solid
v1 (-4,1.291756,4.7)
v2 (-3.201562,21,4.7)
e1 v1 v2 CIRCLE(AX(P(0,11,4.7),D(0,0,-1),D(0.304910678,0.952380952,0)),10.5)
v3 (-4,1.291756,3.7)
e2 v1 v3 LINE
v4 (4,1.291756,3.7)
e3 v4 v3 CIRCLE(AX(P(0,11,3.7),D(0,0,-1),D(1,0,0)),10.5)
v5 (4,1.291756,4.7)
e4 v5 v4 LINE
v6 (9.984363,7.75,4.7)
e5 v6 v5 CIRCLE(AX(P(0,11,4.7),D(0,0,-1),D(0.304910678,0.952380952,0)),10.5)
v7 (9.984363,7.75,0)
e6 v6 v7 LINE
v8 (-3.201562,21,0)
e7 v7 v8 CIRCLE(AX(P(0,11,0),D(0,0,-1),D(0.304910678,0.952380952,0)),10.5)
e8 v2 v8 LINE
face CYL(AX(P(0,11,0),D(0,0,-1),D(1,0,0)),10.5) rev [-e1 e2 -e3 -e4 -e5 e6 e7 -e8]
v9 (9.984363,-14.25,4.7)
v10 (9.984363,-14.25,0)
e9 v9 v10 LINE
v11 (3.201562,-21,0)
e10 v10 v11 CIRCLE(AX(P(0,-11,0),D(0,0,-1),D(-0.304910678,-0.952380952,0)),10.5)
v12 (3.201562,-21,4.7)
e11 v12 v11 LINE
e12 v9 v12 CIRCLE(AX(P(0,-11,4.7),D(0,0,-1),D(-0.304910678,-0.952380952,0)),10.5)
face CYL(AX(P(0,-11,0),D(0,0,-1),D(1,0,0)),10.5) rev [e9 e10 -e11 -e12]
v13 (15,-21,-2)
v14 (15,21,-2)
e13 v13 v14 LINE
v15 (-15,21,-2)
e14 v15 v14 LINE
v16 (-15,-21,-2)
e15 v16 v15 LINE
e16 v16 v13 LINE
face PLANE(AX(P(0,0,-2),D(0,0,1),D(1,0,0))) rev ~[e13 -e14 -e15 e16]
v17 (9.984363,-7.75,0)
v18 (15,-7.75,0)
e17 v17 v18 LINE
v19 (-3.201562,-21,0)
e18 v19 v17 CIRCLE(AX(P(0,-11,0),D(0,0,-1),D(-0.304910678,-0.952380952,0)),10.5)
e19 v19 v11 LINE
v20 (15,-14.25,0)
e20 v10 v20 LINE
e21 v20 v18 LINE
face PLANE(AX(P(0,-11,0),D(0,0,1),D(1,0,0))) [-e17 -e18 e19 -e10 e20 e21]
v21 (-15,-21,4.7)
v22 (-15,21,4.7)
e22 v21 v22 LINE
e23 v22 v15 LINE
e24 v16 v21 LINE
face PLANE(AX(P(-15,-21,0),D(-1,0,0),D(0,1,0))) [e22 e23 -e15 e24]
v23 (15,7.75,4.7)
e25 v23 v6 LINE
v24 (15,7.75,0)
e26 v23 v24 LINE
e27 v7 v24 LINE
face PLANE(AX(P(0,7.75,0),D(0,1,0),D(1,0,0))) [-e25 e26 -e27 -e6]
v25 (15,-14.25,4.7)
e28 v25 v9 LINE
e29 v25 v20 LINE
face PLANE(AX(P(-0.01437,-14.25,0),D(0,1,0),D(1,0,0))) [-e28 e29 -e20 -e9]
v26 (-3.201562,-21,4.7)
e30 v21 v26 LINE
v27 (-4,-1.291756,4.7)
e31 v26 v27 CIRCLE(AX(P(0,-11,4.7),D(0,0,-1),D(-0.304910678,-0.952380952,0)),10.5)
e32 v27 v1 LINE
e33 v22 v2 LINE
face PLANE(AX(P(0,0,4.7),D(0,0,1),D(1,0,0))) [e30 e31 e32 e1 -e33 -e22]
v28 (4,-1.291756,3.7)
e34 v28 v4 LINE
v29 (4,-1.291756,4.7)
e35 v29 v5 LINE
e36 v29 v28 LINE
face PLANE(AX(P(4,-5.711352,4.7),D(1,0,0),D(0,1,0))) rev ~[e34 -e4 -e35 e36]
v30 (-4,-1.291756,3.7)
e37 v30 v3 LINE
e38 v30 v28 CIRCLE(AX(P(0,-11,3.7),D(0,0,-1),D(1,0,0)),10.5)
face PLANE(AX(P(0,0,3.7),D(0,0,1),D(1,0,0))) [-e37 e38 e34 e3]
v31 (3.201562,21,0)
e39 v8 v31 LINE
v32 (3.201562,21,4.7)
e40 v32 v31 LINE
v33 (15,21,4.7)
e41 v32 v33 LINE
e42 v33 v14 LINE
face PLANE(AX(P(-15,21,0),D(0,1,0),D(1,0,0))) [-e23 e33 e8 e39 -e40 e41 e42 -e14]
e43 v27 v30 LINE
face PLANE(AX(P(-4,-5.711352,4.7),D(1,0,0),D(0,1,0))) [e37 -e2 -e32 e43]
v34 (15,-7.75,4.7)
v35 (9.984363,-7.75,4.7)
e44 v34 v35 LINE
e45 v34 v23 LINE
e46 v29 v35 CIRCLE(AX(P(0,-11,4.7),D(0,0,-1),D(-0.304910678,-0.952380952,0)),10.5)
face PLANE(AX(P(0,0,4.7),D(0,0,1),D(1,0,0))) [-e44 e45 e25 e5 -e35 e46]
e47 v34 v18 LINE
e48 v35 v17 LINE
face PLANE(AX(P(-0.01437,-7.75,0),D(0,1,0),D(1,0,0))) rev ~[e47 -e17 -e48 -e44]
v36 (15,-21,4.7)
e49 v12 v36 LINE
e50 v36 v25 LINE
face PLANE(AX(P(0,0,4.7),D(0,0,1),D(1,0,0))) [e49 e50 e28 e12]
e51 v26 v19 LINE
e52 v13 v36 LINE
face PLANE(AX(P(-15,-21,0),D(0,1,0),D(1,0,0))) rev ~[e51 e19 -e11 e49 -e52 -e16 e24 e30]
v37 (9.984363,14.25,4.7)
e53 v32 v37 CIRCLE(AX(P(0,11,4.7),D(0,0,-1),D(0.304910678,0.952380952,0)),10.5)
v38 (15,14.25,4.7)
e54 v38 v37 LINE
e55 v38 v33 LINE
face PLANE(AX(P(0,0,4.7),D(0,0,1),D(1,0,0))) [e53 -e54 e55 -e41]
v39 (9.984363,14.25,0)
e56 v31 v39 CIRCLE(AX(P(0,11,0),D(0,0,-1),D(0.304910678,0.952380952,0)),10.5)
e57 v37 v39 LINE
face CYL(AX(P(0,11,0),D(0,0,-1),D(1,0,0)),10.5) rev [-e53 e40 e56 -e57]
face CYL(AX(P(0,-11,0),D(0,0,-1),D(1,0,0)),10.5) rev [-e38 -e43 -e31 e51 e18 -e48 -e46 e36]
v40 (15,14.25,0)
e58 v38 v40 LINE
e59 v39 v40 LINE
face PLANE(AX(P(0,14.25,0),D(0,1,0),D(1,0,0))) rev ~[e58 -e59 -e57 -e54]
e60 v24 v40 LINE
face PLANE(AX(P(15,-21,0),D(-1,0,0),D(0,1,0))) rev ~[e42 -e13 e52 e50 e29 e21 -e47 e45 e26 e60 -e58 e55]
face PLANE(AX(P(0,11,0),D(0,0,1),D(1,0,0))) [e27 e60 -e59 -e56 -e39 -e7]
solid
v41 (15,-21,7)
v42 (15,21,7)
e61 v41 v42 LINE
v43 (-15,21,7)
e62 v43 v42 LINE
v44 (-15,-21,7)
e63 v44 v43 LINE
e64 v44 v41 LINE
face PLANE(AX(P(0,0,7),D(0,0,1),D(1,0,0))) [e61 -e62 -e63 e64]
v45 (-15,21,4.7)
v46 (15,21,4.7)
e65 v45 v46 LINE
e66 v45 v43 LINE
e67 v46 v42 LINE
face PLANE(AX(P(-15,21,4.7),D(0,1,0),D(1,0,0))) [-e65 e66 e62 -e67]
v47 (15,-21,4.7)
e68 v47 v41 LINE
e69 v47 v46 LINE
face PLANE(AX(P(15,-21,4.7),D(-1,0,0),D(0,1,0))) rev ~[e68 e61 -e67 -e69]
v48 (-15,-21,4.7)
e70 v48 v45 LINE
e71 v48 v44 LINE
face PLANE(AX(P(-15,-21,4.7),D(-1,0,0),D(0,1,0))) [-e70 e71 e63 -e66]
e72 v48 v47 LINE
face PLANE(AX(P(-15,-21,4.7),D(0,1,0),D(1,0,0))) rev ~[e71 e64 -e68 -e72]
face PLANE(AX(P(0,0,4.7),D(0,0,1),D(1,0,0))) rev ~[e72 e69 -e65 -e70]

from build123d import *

# Parameters (mm, degrees)
F0_W      = 30
F0_H      = 42
F3_DEPTH  = 2
F6_DEPTH  = 4.7
F7_DEPTH  = 2.3
F1_R      = 10.5
F8_DEPTH  = 25
F2_R      = 10.5
F9_DEPTH  = 25
F4_W      = 17.7234204819
F4_H      = 6.5
F10_DEPTH = 25
F5_W      = 18
F5_H      = 6.5
F11_DEPTH = 25
F12_W     = 8
F12_H     = 11.4227030426
F13_DEPTH = 1


with BuildPart() as f3:
    # F0 (on Top) → F3 (new body)
    with BuildSketch(Plane.XY):
        Rectangle(F0_W, F0_H)
    extrude(amount=-F3_DEPTH)

    # F0 (on Top) → F6 (join)
    with BuildSketch(Plane.XY):
        Rectangle(F0_W, F0_H)
    extrude(amount=F6_DEPTH)


with BuildPart() as f7:
    # F7 (new): a face of the model
    f7_faces = [f3.part.faces().sort_by_distance(p)[0] for p in [
        (0, 0, 4.7),
    ]]
    extrude(f7_faces, amount=F7_DEPTH)


with BuildPart() as f3_1:
    add(f3.part)

    # F1 (on face) → F8 (cut)
    with BuildSketch(Plane.XY):
        with Locations((0, 11)):
            Circle(F1_R)
    extrude(amount=F8_DEPTH, mode=Mode.SUBTRACT)

    # F2 (on face) → F9 (cut)
    with BuildSketch(Plane.XY):
        with Locations((0, -11)):
            Circle(F2_R)
    extrude(amount=F9_DEPTH, mode=Mode.SUBTRACT)

    # F4 (on face) → F10 (cut)
    with BuildSketch(Plane.XY):
        with Locations((8.8473405008, -11)):
            Rectangle(F4_W, F4_H)
    extrude(amount=F10_DEPTH, mode=Mode.SUBTRACT)

    # F5 (on face) → F11 (cut)
    with BuildSketch(Plane.XY):
        with Locations((9, 11)):
            Rectangle(F5_W, F5_H)
    extrude(amount=F11_DEPTH, mode=Mode.SUBTRACT)

    # F12 (on face) → F13 (cut)
    with BuildSketch(Plane.XY.offset(4.7)):
        Rectangle(F12_W, F12_H)
    extrude(amount=-F13_DEPTH, mode=Mode.SUBTRACT)


solid = Compound([f7.part, f3_1.part])
